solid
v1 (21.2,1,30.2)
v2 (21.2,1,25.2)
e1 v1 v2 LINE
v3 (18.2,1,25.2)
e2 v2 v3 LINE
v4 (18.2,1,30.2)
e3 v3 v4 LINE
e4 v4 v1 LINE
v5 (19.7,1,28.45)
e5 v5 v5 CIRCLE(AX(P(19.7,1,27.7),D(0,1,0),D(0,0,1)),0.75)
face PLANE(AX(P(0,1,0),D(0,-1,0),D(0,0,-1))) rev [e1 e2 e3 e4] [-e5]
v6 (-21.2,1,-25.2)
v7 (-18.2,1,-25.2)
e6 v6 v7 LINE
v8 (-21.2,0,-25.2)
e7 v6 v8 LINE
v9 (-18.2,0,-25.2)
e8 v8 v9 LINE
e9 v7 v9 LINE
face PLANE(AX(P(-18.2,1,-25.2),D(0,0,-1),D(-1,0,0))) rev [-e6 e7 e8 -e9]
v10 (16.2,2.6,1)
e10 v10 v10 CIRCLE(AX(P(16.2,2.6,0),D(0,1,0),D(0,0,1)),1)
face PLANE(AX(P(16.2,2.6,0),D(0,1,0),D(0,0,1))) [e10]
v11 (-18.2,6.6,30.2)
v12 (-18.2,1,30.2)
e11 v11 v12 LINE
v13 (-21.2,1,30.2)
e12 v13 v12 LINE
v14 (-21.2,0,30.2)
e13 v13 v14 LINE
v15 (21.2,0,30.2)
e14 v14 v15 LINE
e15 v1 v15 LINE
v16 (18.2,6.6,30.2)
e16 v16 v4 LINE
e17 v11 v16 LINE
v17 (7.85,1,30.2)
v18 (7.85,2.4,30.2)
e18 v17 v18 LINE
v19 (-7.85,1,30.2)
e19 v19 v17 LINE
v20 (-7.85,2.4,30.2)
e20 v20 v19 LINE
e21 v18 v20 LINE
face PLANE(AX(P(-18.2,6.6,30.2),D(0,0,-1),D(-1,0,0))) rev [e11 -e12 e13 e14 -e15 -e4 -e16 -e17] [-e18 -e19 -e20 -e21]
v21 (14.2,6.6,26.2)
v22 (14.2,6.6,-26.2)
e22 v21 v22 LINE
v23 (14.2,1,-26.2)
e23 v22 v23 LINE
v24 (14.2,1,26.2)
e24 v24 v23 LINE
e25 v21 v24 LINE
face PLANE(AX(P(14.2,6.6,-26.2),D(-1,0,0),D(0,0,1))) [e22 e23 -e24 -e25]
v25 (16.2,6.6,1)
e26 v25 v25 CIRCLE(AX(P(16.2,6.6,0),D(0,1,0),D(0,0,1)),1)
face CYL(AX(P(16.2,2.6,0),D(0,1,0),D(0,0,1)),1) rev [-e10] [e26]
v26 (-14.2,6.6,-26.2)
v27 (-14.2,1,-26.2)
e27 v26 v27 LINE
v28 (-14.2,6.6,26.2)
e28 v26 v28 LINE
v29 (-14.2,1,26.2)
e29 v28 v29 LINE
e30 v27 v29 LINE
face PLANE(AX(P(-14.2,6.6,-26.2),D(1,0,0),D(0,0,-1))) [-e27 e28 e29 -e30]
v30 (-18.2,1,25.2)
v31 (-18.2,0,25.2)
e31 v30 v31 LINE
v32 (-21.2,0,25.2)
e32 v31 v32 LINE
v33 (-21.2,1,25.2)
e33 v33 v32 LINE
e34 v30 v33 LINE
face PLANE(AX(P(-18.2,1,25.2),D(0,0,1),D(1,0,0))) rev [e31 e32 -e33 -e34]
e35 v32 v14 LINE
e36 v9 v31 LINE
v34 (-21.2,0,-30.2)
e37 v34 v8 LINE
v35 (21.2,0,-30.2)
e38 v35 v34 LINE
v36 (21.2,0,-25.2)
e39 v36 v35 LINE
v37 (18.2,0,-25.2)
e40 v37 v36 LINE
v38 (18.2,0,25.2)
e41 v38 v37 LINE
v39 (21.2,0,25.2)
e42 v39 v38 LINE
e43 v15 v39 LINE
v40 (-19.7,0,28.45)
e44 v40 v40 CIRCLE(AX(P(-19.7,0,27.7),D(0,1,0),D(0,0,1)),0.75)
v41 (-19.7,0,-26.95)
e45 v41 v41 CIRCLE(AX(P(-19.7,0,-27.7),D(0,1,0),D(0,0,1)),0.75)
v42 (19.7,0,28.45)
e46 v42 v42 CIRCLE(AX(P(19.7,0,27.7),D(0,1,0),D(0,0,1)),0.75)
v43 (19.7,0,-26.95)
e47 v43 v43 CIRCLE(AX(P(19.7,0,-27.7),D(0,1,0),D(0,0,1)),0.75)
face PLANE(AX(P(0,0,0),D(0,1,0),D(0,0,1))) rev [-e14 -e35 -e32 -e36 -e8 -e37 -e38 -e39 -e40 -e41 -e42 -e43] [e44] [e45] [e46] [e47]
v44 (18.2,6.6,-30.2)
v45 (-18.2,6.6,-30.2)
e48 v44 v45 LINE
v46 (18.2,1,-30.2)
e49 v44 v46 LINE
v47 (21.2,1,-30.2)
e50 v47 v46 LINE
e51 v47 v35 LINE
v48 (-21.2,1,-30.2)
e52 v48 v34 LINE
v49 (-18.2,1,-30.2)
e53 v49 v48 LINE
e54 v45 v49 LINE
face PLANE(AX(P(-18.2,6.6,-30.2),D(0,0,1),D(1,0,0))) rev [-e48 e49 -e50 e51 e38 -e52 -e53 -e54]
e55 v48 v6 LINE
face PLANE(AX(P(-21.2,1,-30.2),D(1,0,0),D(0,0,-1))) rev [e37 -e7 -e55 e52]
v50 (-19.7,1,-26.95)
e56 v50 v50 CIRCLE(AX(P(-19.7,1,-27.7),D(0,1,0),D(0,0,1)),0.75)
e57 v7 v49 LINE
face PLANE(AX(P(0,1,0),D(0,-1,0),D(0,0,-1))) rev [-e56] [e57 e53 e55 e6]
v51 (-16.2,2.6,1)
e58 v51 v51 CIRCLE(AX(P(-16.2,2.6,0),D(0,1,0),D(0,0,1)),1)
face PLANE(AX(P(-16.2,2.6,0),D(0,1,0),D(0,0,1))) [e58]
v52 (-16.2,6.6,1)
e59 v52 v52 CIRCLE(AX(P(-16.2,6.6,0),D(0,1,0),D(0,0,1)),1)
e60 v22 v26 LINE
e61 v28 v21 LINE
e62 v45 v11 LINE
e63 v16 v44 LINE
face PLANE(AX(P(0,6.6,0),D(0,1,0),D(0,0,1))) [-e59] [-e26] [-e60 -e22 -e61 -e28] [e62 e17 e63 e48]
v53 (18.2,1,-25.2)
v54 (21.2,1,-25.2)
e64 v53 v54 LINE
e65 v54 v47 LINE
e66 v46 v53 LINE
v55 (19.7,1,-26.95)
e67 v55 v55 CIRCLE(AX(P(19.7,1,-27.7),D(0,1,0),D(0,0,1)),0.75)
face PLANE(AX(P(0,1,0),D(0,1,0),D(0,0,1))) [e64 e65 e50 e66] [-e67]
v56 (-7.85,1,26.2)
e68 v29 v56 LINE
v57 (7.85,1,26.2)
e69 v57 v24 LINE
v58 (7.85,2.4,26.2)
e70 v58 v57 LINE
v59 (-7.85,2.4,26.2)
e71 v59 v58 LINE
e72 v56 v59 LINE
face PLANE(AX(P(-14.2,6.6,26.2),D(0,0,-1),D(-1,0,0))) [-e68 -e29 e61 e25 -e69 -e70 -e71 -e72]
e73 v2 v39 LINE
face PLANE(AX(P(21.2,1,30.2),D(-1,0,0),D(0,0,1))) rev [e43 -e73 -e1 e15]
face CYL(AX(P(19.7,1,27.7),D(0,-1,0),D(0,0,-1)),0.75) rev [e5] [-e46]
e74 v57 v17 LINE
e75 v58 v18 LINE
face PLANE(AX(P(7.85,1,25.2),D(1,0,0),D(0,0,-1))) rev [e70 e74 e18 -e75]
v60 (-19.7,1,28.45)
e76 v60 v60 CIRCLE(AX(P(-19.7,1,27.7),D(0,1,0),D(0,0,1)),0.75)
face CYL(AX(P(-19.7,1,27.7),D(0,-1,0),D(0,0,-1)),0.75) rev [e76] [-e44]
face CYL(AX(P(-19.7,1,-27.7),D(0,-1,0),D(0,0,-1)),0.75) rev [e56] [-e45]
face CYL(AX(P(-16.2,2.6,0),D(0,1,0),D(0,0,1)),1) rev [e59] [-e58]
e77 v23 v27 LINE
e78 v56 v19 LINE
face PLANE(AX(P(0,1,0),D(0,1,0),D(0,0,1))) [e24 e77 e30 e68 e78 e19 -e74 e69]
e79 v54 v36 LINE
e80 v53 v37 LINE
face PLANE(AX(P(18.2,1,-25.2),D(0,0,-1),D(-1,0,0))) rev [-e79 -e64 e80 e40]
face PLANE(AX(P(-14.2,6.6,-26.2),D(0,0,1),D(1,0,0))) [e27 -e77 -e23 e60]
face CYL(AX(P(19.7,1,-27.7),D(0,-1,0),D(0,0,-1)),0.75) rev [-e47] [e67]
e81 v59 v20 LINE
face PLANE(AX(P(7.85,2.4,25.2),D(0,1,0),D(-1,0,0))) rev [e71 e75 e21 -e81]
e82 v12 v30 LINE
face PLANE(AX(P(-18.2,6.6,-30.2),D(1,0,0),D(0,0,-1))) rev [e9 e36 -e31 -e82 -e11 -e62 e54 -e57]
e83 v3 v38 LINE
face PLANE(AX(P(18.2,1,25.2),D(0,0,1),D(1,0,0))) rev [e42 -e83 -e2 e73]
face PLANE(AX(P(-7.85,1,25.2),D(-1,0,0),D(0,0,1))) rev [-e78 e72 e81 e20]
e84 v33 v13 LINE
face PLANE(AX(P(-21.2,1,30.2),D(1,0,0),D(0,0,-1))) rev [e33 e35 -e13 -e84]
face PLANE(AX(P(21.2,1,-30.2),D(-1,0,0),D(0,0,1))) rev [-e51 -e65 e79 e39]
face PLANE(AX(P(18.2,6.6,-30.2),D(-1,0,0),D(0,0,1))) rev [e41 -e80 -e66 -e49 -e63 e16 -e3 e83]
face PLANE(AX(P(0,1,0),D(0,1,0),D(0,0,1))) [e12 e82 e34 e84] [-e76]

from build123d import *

# Parameters (mm, degrees)
ESBO_O1_W                = 36.4
ESBO_O1_H                = 60.4
ESBO_O1_W_2              = 28.4
ESBO_O1_H_2              = 52.4
RESSALTO_EXTRUS_O1_DEPTH = 6.6
ESBO_O2_W                = 28.4
ESBO_O2_H                = 52.4
RESSALTO_EXTRUS_O2_DEPTH = 1
ESBO_O5_W                = 3
ESBO_O5_H                = 5
ESBO_O5_R                = 0.75
RESSALTO_EXTRUS_O3_DEPTH = 1
ESBO_O6_R                = 1
CORTE_EXTRUS_O3_DEPTH    = 4
ESBO_O3_W                = 15.7
ESBO_O3_H                = 1.4
CORTE_EXTRUS_O4_DEPTH    = 5


with BuildPart() as part:
    # Esboço1 → Ressalto-extrusão1 (new body)
    with BuildSketch(Plane(origin=(0, 0, 0), x_dir=(1, 0, 0), z_dir=(0, 1, 0))):
        Rectangle(ESBO_O1_W, ESBO_O1_H)
        Rectangle(ESBO_O1_W_2, ESBO_O1_H_2, mode=Mode.SUBTRACT)
    extrude(amount=RESSALTO_EXTRUS_O1_DEPTH)

    # Esboço2 → Ressalto-extrusão2 (add)
    with BuildSketch(Plane(origin=(0, 0, 0), x_dir=(1, 0, 0), z_dir=(0, 1, 0))):
        Rectangle(ESBO_O2_W, ESBO_O2_H)
    extrude(amount=RESSALTO_EXTRUS_O2_DEPTH)

    # Esboço5 → Ressalto-extrusão3 (add)
    # profile 1 of 4: a face of its own
    with BuildSketch(Plane(origin=(0, 0, 0), x_dir=(1, 0, 0), z_dir=(0, 1, 0))):
        with Locations((-19.7, 27.7)):
            Rectangle(ESBO_O5_W, ESBO_O5_H)
        with Locations(Location((-19.7, 27.7, 0), (0, 0, 270))):
            Circle(ESBO_O5_R, mode=Mode.SUBTRACT)
    # profile 2 of 4: a face of its own
    with BuildSketch(Plane(origin=(0, 0, 0), x_dir=(1, 0, 0), z_dir=(0, 1, 0))):
        with Locations((-19.7, -27.7)):
            Rectangle(ESBO_O5_W, ESBO_O5_H)
        with Locations(Location((-19.7, -27.7, 0), (0, 0, 270))):
            Circle(ESBO_O5_R, mode=Mode.SUBTRACT)
    # profile 3 of 4: a face of its own
    with BuildSketch(Plane(origin=(0, 0, 0), x_dir=(1, 0, 0), z_dir=(0, 1, 0))):
        with Locations((19.7, -27.7)):
            Rectangle(ESBO_O5_W, ESBO_O5_H)
        with Locations(Location((19.7, -27.7, 0), (0, 0, 270))):
            Circle(ESBO_O5_R, mode=Mode.SUBTRACT)
    # profile 4 of 4: a face of its own
    with BuildSketch(Plane(origin=(0, 0, 0), x_dir=(1, 0, 0), z_dir=(0, 1, 0))):
        with Locations((19.7, 27.7)):
            Rectangle(ESBO_O5_W, ESBO_O5_H)
        with Locations(Location((19.7, 27.7, 0), (0, 0, 270))):
            Circle(ESBO_O5_R, mode=Mode.SUBTRACT)
    extrude(amount=RESSALTO_EXTRUS_O3_DEPTH)

    # Esboço6 → Corte-extrusão3 (cut)
    with BuildSketch(Plane(origin=(0, 6.6, 0), x_dir=(1, 0, 0), z_dir=(0, 1, 0))):
        with Locations(Location((-16.2, 0, 0), (0, 0, 270))):
            Circle(ESBO_O6_R)
        with Locations(Location((16.2, 0, 0), (0, 0, 270))):
            Circle(ESBO_O6_R)
    extrude(amount=-CORTE_EXTRUS_O3_DEPTH, mode=Mode.SUBTRACT)

    # Esboço3 → Corte-extrusão4 (cut)
    with BuildSketch(Plane.XY.offset(30.2)):
        with Locations((0, 1.7)):
            Rectangle(ESBO_O3_W, ESBO_O3_H)
    extrude(amount=-CORTE_EXTRUS_O4_DEPTH, mode=Mode.SUBTRACT)


solid = part.part
